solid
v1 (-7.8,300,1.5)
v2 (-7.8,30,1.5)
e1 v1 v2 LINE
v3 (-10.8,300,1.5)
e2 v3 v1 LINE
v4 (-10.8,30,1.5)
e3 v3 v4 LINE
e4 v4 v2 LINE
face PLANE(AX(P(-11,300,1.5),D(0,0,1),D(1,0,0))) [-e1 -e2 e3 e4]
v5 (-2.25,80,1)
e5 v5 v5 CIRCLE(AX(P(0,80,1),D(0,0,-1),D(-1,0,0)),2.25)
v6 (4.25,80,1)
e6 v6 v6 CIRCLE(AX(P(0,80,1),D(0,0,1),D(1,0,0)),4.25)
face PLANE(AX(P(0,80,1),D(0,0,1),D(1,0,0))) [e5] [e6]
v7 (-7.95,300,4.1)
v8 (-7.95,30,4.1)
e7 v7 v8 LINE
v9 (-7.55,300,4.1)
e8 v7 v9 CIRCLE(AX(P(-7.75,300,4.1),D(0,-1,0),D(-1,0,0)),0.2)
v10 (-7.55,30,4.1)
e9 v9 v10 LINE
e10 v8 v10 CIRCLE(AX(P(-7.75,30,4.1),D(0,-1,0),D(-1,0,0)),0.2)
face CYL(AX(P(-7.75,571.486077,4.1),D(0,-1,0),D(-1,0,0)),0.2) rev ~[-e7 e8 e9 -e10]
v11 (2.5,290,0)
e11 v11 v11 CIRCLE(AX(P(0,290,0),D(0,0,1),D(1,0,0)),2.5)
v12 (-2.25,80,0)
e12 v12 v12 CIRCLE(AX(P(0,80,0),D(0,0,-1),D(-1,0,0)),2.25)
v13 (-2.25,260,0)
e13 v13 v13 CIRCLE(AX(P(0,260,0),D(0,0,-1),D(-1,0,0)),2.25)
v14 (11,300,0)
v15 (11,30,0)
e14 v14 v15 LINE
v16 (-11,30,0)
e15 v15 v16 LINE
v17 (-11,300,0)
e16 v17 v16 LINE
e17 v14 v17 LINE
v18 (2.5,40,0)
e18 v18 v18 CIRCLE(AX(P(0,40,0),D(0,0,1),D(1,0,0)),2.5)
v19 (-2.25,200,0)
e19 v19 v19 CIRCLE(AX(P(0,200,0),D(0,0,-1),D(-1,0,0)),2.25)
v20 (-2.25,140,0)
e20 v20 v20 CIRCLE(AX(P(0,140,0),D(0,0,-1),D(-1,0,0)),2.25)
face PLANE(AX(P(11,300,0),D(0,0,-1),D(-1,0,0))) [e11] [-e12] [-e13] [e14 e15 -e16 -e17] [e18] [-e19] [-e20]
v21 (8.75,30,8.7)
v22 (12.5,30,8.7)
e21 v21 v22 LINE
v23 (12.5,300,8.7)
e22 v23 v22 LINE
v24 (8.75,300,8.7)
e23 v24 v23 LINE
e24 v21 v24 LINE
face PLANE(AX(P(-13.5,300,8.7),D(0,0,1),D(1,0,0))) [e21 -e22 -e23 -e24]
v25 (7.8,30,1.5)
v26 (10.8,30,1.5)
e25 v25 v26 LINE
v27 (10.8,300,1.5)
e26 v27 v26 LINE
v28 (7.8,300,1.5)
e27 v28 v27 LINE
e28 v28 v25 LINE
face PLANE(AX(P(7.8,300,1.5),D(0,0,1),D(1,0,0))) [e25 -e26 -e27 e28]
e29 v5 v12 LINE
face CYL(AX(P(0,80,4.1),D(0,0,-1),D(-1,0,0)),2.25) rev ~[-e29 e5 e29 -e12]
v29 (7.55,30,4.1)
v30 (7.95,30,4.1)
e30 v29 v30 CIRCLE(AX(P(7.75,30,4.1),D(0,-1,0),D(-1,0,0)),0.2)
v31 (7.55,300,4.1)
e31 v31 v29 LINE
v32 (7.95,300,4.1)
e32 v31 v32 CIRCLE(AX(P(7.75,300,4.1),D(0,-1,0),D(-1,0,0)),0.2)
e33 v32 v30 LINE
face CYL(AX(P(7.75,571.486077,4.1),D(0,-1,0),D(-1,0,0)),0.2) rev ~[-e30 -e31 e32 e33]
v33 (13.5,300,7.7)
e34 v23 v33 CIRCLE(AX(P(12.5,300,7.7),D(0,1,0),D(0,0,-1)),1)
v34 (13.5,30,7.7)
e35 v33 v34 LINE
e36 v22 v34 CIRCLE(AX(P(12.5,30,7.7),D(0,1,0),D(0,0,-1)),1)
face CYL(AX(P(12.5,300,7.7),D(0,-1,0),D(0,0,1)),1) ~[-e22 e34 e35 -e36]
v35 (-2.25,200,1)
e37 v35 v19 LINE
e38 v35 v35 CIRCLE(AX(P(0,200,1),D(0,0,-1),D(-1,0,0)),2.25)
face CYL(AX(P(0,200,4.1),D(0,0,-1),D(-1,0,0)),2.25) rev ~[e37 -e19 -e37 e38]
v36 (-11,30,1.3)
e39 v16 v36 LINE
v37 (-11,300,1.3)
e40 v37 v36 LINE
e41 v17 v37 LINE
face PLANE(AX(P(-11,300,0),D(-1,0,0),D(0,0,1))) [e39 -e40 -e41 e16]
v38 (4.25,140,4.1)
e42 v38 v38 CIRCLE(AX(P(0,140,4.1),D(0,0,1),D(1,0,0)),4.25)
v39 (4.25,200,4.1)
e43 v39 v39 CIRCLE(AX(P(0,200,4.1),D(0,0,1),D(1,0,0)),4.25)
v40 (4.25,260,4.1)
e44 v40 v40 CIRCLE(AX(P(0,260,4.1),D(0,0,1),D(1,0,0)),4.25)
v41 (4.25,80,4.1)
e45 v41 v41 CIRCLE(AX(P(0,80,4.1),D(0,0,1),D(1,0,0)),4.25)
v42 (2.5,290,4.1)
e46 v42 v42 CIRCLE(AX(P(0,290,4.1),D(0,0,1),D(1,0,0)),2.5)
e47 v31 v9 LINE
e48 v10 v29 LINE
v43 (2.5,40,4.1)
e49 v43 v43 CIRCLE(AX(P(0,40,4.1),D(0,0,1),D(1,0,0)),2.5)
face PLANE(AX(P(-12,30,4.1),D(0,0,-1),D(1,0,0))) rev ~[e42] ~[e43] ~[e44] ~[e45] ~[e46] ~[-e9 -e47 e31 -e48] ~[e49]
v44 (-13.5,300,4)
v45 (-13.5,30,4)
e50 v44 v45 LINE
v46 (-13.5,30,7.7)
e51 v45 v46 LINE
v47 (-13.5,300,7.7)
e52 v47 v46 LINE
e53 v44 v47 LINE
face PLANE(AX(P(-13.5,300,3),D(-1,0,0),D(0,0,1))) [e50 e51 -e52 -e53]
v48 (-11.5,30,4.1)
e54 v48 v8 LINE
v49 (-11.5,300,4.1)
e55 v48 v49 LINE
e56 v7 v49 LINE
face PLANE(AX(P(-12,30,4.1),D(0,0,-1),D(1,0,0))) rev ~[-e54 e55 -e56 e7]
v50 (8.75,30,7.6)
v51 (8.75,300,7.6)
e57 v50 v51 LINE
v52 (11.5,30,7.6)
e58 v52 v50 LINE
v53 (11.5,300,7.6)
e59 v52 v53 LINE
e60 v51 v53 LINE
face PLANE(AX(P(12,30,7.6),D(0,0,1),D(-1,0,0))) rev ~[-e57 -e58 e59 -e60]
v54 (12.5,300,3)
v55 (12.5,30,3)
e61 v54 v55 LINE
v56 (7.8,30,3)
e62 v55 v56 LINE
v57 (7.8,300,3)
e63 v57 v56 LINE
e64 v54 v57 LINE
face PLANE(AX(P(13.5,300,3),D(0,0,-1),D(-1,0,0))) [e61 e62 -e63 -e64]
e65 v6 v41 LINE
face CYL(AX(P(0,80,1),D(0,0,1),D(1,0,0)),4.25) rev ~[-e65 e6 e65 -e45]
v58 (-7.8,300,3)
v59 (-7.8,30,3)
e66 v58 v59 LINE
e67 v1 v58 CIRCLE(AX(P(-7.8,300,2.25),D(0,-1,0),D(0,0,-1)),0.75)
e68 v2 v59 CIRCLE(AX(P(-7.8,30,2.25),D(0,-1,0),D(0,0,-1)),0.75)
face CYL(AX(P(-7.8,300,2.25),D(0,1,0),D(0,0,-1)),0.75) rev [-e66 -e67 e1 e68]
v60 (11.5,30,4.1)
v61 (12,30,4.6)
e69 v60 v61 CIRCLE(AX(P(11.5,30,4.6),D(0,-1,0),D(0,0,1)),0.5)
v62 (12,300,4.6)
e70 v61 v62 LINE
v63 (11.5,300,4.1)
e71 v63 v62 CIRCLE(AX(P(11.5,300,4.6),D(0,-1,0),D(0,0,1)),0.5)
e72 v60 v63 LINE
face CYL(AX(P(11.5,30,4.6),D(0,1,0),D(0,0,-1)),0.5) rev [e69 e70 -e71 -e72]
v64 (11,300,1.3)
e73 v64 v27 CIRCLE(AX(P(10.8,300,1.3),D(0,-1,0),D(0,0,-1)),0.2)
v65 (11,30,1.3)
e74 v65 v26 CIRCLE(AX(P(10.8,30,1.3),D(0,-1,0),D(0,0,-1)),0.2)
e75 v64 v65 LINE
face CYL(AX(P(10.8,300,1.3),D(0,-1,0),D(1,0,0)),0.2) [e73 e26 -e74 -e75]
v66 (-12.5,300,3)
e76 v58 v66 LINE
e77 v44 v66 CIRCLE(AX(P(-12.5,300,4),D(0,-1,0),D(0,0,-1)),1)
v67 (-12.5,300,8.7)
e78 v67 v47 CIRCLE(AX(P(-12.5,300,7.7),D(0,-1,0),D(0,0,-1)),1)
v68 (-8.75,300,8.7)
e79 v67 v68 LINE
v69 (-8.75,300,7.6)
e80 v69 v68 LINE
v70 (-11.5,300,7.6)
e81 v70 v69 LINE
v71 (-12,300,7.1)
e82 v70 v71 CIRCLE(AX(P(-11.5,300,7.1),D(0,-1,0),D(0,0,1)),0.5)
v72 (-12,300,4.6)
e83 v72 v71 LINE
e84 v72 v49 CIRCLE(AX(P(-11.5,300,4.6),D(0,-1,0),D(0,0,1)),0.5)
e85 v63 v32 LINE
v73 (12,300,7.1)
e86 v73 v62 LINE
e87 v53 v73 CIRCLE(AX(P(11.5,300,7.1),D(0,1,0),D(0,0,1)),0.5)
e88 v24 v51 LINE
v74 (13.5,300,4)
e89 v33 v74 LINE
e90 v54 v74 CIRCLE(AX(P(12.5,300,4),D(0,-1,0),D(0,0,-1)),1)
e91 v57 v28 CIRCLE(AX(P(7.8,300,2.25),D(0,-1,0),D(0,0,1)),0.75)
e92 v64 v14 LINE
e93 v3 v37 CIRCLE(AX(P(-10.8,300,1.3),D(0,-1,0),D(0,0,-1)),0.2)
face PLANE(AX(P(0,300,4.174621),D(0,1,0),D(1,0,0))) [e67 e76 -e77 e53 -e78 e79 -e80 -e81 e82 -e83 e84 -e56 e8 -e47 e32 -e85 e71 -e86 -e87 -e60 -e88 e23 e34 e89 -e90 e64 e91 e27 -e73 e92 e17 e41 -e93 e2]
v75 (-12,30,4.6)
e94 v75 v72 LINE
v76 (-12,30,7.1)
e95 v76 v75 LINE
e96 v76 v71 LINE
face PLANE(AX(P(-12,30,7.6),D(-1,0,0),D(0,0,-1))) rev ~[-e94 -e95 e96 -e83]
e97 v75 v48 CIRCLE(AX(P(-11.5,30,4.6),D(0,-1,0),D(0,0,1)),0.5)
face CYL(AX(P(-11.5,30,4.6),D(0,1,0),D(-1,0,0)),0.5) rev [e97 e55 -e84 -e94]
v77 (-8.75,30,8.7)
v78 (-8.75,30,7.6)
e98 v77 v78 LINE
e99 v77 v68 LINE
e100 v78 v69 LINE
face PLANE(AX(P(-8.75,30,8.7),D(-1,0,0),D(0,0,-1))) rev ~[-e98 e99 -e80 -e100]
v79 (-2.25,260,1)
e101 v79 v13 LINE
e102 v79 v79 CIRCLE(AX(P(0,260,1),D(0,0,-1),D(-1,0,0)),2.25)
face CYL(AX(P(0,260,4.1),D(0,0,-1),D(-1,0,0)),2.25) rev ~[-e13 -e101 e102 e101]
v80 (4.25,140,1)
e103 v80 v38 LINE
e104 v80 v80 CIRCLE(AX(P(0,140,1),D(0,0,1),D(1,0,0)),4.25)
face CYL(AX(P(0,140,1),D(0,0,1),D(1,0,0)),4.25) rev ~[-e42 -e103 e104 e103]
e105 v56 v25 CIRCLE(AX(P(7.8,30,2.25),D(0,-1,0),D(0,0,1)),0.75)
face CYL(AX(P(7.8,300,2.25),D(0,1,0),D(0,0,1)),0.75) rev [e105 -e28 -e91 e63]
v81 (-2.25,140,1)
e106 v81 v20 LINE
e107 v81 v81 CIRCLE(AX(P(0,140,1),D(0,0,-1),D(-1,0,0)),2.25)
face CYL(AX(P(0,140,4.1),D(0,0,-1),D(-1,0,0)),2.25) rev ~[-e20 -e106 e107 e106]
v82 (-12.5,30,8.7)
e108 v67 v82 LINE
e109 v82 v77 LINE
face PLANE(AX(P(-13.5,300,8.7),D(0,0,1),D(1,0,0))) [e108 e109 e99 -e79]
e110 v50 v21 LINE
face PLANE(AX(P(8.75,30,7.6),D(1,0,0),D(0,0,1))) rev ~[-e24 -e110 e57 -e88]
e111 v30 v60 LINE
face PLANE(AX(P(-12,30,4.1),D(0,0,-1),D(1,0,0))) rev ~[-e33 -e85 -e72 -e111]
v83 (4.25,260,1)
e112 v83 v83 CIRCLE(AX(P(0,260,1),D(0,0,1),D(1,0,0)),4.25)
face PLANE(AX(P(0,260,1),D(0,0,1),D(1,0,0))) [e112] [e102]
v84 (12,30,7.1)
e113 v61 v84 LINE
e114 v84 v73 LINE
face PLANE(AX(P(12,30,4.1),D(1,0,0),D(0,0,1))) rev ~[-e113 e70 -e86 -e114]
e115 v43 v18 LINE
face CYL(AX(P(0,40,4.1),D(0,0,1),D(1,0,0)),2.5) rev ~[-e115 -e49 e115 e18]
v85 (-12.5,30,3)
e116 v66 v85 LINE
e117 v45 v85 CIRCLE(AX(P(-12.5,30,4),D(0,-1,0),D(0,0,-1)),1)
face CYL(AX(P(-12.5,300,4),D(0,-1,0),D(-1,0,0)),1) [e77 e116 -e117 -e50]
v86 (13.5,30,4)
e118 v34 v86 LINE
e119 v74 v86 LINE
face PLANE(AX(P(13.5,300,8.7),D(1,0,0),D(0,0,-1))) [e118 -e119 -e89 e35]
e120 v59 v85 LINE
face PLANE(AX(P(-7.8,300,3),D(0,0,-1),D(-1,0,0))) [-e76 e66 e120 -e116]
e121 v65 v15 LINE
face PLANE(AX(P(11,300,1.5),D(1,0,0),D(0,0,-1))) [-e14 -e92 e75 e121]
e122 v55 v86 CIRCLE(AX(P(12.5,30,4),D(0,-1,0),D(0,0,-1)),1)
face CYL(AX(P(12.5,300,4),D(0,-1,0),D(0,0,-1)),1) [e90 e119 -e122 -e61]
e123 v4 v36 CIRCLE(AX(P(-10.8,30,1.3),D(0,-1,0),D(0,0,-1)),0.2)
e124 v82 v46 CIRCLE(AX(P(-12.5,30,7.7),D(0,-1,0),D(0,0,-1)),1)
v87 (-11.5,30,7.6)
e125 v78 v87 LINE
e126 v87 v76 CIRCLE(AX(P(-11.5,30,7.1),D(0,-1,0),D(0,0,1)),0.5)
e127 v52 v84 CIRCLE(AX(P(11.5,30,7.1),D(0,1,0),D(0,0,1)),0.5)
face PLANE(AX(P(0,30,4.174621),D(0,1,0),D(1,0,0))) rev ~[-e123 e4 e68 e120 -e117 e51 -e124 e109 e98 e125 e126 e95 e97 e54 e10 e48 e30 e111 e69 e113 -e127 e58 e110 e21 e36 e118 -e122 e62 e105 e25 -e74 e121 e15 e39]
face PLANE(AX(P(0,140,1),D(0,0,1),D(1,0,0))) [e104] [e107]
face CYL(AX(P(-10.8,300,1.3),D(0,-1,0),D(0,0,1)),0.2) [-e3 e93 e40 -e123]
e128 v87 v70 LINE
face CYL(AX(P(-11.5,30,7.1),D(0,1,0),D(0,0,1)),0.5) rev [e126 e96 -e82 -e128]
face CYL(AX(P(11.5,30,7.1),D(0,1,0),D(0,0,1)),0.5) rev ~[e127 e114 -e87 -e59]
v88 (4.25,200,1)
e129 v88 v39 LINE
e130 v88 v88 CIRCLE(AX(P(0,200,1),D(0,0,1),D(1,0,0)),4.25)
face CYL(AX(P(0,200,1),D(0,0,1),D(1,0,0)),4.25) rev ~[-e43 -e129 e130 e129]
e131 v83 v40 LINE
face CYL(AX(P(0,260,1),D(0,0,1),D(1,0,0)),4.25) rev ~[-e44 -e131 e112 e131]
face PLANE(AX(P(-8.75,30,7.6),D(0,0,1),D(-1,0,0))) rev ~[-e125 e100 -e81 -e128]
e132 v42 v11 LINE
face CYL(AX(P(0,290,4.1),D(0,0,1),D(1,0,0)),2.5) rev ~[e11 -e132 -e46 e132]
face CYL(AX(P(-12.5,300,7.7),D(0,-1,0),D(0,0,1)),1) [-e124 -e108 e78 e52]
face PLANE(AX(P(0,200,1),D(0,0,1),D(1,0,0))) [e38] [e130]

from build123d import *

# Parameters (mm, degrees)
BOSS_EXTRUDE1_DEPTH                              = 270
CUT_EXTRUDE1_DEPTH                               = 271.477244884
F_0_4_0_4_DIAMETER_HOLE1_D                       = 0.4
CBORE_FOR_M4_HEX_HEAD_MACHINE_SCREW1_D           = 4.5
CBORE_FOR_M4_HEX_HEAD_MACHINE_SCREW1_DEPTH       = 4.1
CBORE_FOR_M4_HEX_HEAD_MACHINE_SCREW1_CBORE_D     = 8.5
CBORE_FOR_M4_HEX_HEAD_MACHINE_SCREW1_CBORE_DEPTH = 3.1
FILLET1_R                                        = 0.2
FILLET2_R                                        = 0.5
FILLET3_R                                        = 1
CUT_EXTRUDE2_REACH                               = 302.339
SKETCH7_R                                        = 2.5


with BuildPart() as part:
    # Sketch1 → Boss-Extrude1 (new body)
    with BuildSketch(Plane(origin=(0, 300, 0), x_dir=(1, 0, 0), z_dir=(0, 1, 0))):
        with BuildLine():
            Line((-13.5, -3), (-13.5, -8.7))
            Line((-13.5, -8.7), (13.5, -8.7))
            Line((13.5, -8.7), (13.5, -3))
            Line((13.5, -3), (7.8, -3))
            ThreePointArc((7.8, -3), (7.05, -2.25), (7.8, -1.5))
            Line((7.8, -1.5), (11, -1.5))
            Line((11, -1.5), (11, 0))
            Line((11, 0), (-11, 0))
            Line((-11, 0), (-11, -1.5))
            Line((-11, -1.5), (-7.8, -1.5))
            ThreePointArc((-7.8, -1.5), (-7.05, -2.25), (-7.8, -3))
            Line((-7.8, -3), (-13.5, -3))
        make_face()
    extrude(amount=-BOSS_EXTRUDE1_DEPTH)

    # Sketch2 → Cut-Extrude1 (cut, through all)
    with BuildSketch(Plane.XZ.offset(-30)):
        Polygon((8.75, 8.7), (-8.75, 8.7), (-8.75, 7.6), (-12, 7.6), (-12, 4.1), (12, 4.1), (12, 7.6), (8.75, 7.6), align=None)
    extrude(amount=-CUT_EXTRUDE1_DEPTH, mode=Mode.SUBTRACT)

    # Ø0.4 (0.4) Diameter Hole1 (through all)
    with Locations(Plane(origin=(0, 300, 0), x_dir=(1, 0, 0), z_dir=(0, 1, 0))):
        with Locations((-7.75, -4.1), (7.75, -4.1)):
            Hole(F_0_4_0_4_DIAMETER_HOLE1_D / 2)

    # CBORE for M4 Hex Head Machine Screw1
    with Locations(Plane.XY.offset(4.1)):
        with Locations((0, 260), (0, 200), (0, 140), (0, 80), (0, 20)):
            CounterBoreHole(CBORE_FOR_M4_HEX_HEAD_MACHINE_SCREW1_D / 2, CBORE_FOR_M4_HEX_HEAD_MACHINE_SCREW1_CBORE_D / 2, CBORE_FOR_M4_HEX_HEAD_MACHINE_SCREW1_CBORE_DEPTH, depth=CBORE_FOR_M4_HEX_HEAD_MACHINE_SCREW1_DEPTH)

    # Fillet1
    fillet1_edges = [part.edges().sort_by_distance(p)[0] for p in [
        (-11, 165, 1.5),
        (11, 165, 1.5),
    ]]
    fillet(fillet1_edges, radius=FILLET1_R)

    # Fillet2
    fillet2_edges = [part.edges().sort_by_distance(p)[0] for p in [
        (12, 165, 7.6),
        (12, 165, 4.1),
        (-12, 165, 4.1),
        (-12, 165, 7.6),
    ]]
    fillet(fillet2_edges, radius=FILLET2_R)

    # Fillet3
    fillet3_edges = [part.edges().sort_by_distance(p)[0] for p in [
        (13.5, 165, 3),
        (13.5, 165, 8.7),
        (-13.5, 165, 8.7),
        (-13.5, 165, 3),
    ]]
    fillet(fillet3_edges, radius=FILLET3_R)

    # Sketch7 → Cut-Extrude2 (cut, up to next)
    with BuildSketch(Plane.XY.offset(4.1), mode=Mode.PRIVATE) as cut_extrude2_sk1:
        with Locations((0, 290)):
            Circle(SKETCH7_R)
    cut_extrude2_tool1 = extrude(cut_extrude2_sk1.sketch, amount=-CUT_EXTRUDE2_REACH, mode=Mode.PRIVATE) & part.part
    # Sketch7 → Cut-Extrude2 (cut, up to next)
    with BuildSketch(Plane.XY.offset(4.1), mode=Mode.PRIVATE) as cut_extrude2_sk2:
        with Locations((0, 40)):
            Circle(SKETCH7_R)
    cut_extrude2_tool2 = extrude(cut_extrude2_sk2.sketch, amount=-CUT_EXTRUDE2_REACH, mode=Mode.PRIVATE) & part.part
    add(cut_extrude2_tool1.solids().sort_by_distance((0, 290, 4.1))[0], mode=Mode.SUBTRACT)
    add(cut_extrude2_tool2.solids().sort_by_distance((0, 40, 4.1))[0], mode=Mode.SUBTRACT)


solid = part.part
